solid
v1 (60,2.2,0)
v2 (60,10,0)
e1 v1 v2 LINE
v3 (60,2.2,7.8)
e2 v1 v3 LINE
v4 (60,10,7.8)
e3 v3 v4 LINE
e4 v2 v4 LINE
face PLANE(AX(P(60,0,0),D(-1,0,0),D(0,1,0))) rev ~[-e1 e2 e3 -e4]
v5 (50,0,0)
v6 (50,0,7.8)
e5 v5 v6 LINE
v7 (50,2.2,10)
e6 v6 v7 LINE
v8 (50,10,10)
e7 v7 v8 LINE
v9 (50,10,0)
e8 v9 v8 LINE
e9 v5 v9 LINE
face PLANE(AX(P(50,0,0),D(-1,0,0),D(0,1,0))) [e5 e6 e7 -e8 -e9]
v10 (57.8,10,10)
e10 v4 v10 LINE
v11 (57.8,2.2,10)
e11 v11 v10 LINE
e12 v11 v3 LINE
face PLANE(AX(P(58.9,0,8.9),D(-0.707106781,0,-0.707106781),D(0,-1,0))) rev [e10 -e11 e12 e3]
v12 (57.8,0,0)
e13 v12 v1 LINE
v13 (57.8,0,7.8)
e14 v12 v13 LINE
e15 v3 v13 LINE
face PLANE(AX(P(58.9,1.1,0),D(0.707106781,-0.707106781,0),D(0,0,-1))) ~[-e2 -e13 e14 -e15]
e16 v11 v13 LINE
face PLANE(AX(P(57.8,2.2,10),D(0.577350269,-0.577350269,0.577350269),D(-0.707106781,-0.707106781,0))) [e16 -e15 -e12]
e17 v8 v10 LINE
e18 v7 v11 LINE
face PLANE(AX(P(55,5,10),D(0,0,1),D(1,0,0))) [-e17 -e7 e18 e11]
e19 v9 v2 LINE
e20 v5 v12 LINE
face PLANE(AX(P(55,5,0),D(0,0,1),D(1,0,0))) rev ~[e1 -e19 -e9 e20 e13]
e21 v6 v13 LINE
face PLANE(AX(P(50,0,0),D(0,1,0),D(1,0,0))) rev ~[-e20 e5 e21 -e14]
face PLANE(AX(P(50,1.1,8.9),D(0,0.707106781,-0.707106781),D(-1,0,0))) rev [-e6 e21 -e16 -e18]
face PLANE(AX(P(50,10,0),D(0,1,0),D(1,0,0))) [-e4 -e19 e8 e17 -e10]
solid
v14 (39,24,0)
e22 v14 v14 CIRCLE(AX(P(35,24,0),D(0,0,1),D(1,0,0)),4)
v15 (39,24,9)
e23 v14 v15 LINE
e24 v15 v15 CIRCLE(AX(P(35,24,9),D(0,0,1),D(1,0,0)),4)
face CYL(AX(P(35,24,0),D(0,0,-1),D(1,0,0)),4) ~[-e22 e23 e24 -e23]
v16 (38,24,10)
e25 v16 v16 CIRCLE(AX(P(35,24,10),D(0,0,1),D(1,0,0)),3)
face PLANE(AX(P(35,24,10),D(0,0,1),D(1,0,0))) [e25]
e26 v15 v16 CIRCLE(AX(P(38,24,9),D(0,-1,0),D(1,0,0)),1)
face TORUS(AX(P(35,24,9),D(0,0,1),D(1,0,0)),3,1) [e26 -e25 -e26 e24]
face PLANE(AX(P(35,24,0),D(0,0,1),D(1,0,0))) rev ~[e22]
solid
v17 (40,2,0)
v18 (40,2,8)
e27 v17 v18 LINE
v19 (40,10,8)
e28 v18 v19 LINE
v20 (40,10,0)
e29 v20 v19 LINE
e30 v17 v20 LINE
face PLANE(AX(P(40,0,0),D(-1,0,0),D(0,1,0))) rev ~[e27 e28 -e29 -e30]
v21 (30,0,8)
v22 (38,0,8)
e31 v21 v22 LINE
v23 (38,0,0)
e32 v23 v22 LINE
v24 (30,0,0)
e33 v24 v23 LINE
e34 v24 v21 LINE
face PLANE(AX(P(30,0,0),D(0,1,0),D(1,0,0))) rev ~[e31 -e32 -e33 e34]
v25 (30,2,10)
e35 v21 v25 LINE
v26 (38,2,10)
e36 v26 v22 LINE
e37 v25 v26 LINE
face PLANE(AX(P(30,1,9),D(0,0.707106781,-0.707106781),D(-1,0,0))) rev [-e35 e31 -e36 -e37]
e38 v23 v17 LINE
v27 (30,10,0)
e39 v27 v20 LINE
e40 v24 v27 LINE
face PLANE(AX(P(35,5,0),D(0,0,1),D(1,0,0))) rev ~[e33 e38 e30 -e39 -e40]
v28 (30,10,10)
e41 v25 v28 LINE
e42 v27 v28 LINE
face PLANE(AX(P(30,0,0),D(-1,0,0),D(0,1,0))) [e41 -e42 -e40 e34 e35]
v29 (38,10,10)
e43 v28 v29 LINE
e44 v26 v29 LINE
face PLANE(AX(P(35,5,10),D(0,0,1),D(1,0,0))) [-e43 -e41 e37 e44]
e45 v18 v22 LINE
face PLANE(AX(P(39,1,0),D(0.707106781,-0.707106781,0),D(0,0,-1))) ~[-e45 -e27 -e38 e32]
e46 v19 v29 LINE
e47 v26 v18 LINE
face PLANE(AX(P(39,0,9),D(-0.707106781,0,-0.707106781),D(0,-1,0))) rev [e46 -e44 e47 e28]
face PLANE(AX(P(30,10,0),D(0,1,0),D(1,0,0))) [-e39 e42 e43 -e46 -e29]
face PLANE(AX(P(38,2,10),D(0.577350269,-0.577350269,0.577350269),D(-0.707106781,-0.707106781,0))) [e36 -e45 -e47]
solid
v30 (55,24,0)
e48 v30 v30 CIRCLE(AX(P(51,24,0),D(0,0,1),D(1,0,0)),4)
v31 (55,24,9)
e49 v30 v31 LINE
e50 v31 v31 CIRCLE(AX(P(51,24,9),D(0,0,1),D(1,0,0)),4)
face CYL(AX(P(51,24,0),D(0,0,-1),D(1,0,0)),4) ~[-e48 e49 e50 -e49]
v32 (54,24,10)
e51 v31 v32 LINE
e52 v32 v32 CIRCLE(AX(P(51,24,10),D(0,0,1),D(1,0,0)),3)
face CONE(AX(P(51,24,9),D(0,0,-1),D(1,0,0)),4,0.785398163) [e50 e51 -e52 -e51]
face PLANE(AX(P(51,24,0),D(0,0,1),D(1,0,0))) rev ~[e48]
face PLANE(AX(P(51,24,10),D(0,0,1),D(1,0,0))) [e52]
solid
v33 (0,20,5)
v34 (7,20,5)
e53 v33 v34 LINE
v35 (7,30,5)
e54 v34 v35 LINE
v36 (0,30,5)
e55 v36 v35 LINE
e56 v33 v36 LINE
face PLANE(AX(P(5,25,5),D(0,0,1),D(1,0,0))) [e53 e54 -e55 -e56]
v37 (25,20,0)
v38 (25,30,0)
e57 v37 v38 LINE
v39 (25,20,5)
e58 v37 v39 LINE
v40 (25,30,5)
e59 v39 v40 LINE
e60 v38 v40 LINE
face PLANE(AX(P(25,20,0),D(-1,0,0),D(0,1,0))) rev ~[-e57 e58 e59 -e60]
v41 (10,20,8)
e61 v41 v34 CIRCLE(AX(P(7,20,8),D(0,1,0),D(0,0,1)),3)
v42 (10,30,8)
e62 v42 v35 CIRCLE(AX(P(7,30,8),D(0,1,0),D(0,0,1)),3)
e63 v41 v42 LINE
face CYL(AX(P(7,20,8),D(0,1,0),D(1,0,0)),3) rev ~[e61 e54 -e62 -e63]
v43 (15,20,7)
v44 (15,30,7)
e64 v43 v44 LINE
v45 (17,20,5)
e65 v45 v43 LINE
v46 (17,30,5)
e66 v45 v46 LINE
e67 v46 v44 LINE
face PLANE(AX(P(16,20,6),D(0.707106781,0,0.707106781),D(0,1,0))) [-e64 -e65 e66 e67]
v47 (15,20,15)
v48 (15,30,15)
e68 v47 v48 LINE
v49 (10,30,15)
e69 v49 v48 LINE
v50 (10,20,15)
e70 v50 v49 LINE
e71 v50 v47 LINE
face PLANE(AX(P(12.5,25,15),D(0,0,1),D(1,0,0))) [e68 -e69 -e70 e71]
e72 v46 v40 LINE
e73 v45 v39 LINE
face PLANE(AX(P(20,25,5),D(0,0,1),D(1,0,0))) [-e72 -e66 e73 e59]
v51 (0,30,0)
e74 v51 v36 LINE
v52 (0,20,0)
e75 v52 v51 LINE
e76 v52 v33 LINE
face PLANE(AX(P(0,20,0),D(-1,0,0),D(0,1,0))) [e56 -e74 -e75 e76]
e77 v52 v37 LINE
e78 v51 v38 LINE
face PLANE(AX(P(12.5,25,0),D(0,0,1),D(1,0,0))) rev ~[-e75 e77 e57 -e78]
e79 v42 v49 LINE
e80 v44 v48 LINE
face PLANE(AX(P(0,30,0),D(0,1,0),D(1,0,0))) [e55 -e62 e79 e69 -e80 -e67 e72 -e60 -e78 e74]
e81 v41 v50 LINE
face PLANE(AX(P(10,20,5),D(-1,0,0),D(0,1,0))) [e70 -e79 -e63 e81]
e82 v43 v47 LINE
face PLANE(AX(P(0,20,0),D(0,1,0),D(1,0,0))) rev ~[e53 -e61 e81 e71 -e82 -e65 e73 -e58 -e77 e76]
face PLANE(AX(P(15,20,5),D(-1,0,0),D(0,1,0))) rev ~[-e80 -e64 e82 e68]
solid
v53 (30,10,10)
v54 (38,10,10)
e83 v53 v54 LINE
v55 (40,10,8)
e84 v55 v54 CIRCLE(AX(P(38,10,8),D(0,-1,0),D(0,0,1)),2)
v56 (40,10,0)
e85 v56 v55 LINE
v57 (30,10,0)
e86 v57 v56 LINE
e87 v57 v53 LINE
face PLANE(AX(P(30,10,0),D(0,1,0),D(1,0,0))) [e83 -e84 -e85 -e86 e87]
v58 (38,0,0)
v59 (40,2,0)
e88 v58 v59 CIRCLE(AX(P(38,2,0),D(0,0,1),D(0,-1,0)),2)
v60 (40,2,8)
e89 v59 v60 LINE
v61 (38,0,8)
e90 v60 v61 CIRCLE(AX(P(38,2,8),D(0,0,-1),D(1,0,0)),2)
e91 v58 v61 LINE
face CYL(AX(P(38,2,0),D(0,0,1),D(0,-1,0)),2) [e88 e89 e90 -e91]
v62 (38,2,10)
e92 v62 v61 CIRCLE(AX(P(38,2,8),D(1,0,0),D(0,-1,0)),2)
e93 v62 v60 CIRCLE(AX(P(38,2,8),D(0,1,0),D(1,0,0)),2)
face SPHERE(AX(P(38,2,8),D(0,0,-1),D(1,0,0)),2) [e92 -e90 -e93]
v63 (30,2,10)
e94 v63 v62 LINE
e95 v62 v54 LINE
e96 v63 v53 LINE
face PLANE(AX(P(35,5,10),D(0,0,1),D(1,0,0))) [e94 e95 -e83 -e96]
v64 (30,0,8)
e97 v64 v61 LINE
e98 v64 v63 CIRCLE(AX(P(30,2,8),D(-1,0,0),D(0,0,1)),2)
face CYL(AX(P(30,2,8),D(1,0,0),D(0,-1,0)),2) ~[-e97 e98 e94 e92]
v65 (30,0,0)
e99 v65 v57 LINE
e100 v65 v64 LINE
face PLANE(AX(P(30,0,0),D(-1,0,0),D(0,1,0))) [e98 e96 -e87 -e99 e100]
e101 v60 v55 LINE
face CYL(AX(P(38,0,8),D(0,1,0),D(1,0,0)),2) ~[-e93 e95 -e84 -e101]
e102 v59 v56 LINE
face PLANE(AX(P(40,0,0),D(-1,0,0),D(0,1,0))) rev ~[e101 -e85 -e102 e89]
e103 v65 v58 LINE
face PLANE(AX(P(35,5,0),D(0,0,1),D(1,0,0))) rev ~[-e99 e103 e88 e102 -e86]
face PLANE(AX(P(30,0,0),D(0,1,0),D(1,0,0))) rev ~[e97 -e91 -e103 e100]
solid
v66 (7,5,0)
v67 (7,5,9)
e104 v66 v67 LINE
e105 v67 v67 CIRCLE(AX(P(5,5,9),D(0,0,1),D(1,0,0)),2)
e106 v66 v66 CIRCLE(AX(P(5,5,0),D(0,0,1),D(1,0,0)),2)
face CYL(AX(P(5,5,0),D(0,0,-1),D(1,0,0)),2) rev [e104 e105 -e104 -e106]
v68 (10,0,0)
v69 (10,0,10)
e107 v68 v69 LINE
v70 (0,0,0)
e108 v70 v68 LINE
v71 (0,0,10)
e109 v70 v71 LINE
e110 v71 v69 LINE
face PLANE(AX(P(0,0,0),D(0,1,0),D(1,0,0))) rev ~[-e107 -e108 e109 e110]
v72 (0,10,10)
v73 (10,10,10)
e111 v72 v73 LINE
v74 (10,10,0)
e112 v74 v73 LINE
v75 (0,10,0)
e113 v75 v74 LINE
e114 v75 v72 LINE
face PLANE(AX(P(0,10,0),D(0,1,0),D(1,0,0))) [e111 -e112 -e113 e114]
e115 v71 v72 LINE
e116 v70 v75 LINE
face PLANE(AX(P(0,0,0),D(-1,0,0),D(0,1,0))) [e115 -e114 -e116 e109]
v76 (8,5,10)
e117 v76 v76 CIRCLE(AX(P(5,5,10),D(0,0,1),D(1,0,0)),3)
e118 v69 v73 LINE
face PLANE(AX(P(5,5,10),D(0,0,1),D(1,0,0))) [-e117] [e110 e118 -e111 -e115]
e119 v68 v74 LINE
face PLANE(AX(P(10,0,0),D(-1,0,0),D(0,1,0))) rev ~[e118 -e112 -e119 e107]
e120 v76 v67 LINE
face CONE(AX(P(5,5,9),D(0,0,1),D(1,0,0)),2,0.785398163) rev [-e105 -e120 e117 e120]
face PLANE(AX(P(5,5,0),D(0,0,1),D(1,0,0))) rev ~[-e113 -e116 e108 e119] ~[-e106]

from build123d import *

# Parameters (mm, degrees)
CYLINDER_R        = 2
CYLINDER_DEPTH    = 10
BOX_W             = 10
BOX_H             = 10
BOX_DEPTH         = 10
CHAMFER_SIZE      = 1
BOX001_W          = 10
BOX001_H          = 10
BOX001_DEPTH      = 10
CHAMFER001_SIZE   = 2
FILLET_R          = 2
BOX005_W          = 10
BOX005_H          = 10
BOX005_DEPTH      = 10
CHAMFER002_SIZE   = 2.2
CYLINDER002_R     = 4
CYLINDER002_DEPTH = 10
CHAMFER003_SIZE   = 1
CYLINDER001_R     = 4
CYLINDER001_DEPTH = 10
FILLET001_R       = 1
BOX004_W          = 10
BOX004_H          = 10
BOX004_DEPTH      = 10
BOX003_W          = 10
BOX003_H          = 10
BOX003_DEPTH      = 10
BOX002_W          = 25
BOX002_H          = 10
BOX002_DEPTH      = 15
CHAMFER004_SIZE   = 2
FILLET002_R       = 3


with BuildPart() as cylinder:
    # Cylinder → Cylinder (new body)
    with BuildSketch(Plane(origin=(5, 5, 0), x_dir=(1, 0, 0), z_dir=(0, 0, 1))):
        Circle(CYLINDER_R)
    extrude(amount=CYLINDER_DEPTH)


with BuildPart() as chamfer_body:
    # Box → Box (new body)
    with BuildSketch(Plane.XY):
        with Locations((5, 5)):
            Rectangle(BOX_W, BOX_H)
    extrude(amount=BOX_DEPTH)

    # Cut: cut Cylinder
    add(cylinder.part, mode=Mode.SUBTRACT)

    # Chamfer
    chamfer_edges = [chamfer_body.edges().sort_by_distance(p)[0] for p in [
        (3, 5, 10),
    ]]
    chamfer(chamfer_edges, length=CHAMFER_SIZE)


with BuildPart() as cube001:
    # Box001 → Box001 (new body)
    with BuildSketch(Plane(origin=(30, 0, 0), x_dir=(1, 0, 0), z_dir=(0, 0, 1))):
        with Locations((5, 5)):
            Rectangle(BOX001_W, BOX001_H)
    extrude(amount=BOX001_DEPTH)


with BuildPart() as chamfer001:
    # Chamfer001 base: copy of Cube001
    add(cube001.part)

    # Chamfer001
    chamfer001_edges = [chamfer001.edges().sort_by_distance(p)[0] for p in [
        (40, 0, 5),
        (40, 5, 10),
        (35, 0, 10),
    ]]
    chamfer(chamfer001_edges, length=CHAMFER001_SIZE)


with BuildPart() as fillet_body:
    # Fillet base: copy of Cube001
    add(cube001.part)

    # Fillet
    fillet_edges = [fillet_body.edges().sort_by_distance(p)[0] for p in [
        (40, 0, 5),
        (40, 5, 10),
        (35, 0, 10),
    ]]
    fillet(fillet_edges, radius=FILLET_R)


with BuildPart() as chamfer002:
    # Box005 → Box005 (new body)
    with BuildSketch(Plane(origin=(50, 0, 0), x_dir=(1, 0, 0), z_dir=(0, 0, 1))):
        with Locations((5, 5)):
            Rectangle(BOX005_W, BOX005_H)
    extrude(amount=BOX005_DEPTH)

    # Chamfer002
    chamfer002_edges = [chamfer002.edges().sort_by_distance(p)[0] for p in [
        (60, 0, 5),
        (60, 5, 10),
        (55, 0, 10),
    ]]
    chamfer(chamfer002_edges, length=CHAMFER002_SIZE)


with BuildPart() as chamfer003:
    # Cylinder002 → Cylinder002 (new body)
    with BuildSketch(Plane(origin=(51, 24, 0), x_dir=(1, 0, 0), z_dir=(0, 0, 1))):
        Circle(CYLINDER002_R)
    extrude(amount=CYLINDER002_DEPTH)

    # Chamfer003
    chamfer003_edges = [chamfer003.edges().sort_by_distance(p)[0] for p in [
        (47, 24, 10),
    ]]
    chamfer(chamfer003_edges, length=CHAMFER003_SIZE)


with BuildPart() as fillet001:
    # Cylinder001 → Cylinder001 (new body)
    with BuildSketch(Plane(origin=(35, 24, 0), x_dir=(1, 0, 0), z_dir=(0, 0, 1))):
        Circle(CYLINDER001_R)
    extrude(amount=CYLINDER001_DEPTH)

    # Fillet001
    fillet001_edges = [fillet001.edges().sort_by_distance(p)[0] for p in [
        (31, 24, 10),
    ]]
    fillet(fillet001_edges, radius=FILLET001_R)


with BuildPart() as cube004:
    # Box004 → Box004 (new body)
    with BuildSketch(Plane(origin=(0, 20, 5), x_dir=(1, 0, 0), z_dir=(0, 0, 1))):
        with Locations((5, 5)):
            Rectangle(BOX004_W, BOX004_H)
    extrude(amount=BOX004_DEPTH)


with BuildPart() as cube003:
    # Box003 → Box003 (new body)
    with BuildSketch(Plane(origin=(15, 20, 5), x_dir=(1, 0, 0), z_dir=(0, 0, 1))):
        with Locations((5, 5)):
            Rectangle(BOX003_W, BOX003_H)
    extrude(amount=BOX003_DEPTH)


with BuildPart() as fillet002:
    # Box002 → Box002 (new body)
    with BuildSketch(Plane(origin=(0, 20, 0), x_dir=(1, 0, 0), z_dir=(0, 0, 1))):
        with Locations((12.5, 5)):
            Rectangle(BOX002_W, BOX002_H)
    extrude(amount=BOX002_DEPTH)

    # Cut001: cut Cube003
    add(cube003.part, mode=Mode.SUBTRACT)

    # Cut002: cut Cube004
    add(cube004.part, mode=Mode.SUBTRACT)

    # Chamfer004
    chamfer004_edges = [fillet002.edges().sort_by_distance(p)[0] for p in [
        (15, 25, 5),
    ]]
    chamfer(chamfer004_edges, length=CHAMFER004_SIZE)

    # Fillet002
    fillet002_edges = [fillet002.edges().sort_by_distance(p)[0] for p in [
        (10, 25, 5),
    ]]
    fillet(fillet002_edges, radius=FILLET002_R)


solid = Compound([chamfer_body.part, chamfer001.part, fillet_body.part, chamfer002.part, chamfer003.part, fillet001.part, fillet002.part])
